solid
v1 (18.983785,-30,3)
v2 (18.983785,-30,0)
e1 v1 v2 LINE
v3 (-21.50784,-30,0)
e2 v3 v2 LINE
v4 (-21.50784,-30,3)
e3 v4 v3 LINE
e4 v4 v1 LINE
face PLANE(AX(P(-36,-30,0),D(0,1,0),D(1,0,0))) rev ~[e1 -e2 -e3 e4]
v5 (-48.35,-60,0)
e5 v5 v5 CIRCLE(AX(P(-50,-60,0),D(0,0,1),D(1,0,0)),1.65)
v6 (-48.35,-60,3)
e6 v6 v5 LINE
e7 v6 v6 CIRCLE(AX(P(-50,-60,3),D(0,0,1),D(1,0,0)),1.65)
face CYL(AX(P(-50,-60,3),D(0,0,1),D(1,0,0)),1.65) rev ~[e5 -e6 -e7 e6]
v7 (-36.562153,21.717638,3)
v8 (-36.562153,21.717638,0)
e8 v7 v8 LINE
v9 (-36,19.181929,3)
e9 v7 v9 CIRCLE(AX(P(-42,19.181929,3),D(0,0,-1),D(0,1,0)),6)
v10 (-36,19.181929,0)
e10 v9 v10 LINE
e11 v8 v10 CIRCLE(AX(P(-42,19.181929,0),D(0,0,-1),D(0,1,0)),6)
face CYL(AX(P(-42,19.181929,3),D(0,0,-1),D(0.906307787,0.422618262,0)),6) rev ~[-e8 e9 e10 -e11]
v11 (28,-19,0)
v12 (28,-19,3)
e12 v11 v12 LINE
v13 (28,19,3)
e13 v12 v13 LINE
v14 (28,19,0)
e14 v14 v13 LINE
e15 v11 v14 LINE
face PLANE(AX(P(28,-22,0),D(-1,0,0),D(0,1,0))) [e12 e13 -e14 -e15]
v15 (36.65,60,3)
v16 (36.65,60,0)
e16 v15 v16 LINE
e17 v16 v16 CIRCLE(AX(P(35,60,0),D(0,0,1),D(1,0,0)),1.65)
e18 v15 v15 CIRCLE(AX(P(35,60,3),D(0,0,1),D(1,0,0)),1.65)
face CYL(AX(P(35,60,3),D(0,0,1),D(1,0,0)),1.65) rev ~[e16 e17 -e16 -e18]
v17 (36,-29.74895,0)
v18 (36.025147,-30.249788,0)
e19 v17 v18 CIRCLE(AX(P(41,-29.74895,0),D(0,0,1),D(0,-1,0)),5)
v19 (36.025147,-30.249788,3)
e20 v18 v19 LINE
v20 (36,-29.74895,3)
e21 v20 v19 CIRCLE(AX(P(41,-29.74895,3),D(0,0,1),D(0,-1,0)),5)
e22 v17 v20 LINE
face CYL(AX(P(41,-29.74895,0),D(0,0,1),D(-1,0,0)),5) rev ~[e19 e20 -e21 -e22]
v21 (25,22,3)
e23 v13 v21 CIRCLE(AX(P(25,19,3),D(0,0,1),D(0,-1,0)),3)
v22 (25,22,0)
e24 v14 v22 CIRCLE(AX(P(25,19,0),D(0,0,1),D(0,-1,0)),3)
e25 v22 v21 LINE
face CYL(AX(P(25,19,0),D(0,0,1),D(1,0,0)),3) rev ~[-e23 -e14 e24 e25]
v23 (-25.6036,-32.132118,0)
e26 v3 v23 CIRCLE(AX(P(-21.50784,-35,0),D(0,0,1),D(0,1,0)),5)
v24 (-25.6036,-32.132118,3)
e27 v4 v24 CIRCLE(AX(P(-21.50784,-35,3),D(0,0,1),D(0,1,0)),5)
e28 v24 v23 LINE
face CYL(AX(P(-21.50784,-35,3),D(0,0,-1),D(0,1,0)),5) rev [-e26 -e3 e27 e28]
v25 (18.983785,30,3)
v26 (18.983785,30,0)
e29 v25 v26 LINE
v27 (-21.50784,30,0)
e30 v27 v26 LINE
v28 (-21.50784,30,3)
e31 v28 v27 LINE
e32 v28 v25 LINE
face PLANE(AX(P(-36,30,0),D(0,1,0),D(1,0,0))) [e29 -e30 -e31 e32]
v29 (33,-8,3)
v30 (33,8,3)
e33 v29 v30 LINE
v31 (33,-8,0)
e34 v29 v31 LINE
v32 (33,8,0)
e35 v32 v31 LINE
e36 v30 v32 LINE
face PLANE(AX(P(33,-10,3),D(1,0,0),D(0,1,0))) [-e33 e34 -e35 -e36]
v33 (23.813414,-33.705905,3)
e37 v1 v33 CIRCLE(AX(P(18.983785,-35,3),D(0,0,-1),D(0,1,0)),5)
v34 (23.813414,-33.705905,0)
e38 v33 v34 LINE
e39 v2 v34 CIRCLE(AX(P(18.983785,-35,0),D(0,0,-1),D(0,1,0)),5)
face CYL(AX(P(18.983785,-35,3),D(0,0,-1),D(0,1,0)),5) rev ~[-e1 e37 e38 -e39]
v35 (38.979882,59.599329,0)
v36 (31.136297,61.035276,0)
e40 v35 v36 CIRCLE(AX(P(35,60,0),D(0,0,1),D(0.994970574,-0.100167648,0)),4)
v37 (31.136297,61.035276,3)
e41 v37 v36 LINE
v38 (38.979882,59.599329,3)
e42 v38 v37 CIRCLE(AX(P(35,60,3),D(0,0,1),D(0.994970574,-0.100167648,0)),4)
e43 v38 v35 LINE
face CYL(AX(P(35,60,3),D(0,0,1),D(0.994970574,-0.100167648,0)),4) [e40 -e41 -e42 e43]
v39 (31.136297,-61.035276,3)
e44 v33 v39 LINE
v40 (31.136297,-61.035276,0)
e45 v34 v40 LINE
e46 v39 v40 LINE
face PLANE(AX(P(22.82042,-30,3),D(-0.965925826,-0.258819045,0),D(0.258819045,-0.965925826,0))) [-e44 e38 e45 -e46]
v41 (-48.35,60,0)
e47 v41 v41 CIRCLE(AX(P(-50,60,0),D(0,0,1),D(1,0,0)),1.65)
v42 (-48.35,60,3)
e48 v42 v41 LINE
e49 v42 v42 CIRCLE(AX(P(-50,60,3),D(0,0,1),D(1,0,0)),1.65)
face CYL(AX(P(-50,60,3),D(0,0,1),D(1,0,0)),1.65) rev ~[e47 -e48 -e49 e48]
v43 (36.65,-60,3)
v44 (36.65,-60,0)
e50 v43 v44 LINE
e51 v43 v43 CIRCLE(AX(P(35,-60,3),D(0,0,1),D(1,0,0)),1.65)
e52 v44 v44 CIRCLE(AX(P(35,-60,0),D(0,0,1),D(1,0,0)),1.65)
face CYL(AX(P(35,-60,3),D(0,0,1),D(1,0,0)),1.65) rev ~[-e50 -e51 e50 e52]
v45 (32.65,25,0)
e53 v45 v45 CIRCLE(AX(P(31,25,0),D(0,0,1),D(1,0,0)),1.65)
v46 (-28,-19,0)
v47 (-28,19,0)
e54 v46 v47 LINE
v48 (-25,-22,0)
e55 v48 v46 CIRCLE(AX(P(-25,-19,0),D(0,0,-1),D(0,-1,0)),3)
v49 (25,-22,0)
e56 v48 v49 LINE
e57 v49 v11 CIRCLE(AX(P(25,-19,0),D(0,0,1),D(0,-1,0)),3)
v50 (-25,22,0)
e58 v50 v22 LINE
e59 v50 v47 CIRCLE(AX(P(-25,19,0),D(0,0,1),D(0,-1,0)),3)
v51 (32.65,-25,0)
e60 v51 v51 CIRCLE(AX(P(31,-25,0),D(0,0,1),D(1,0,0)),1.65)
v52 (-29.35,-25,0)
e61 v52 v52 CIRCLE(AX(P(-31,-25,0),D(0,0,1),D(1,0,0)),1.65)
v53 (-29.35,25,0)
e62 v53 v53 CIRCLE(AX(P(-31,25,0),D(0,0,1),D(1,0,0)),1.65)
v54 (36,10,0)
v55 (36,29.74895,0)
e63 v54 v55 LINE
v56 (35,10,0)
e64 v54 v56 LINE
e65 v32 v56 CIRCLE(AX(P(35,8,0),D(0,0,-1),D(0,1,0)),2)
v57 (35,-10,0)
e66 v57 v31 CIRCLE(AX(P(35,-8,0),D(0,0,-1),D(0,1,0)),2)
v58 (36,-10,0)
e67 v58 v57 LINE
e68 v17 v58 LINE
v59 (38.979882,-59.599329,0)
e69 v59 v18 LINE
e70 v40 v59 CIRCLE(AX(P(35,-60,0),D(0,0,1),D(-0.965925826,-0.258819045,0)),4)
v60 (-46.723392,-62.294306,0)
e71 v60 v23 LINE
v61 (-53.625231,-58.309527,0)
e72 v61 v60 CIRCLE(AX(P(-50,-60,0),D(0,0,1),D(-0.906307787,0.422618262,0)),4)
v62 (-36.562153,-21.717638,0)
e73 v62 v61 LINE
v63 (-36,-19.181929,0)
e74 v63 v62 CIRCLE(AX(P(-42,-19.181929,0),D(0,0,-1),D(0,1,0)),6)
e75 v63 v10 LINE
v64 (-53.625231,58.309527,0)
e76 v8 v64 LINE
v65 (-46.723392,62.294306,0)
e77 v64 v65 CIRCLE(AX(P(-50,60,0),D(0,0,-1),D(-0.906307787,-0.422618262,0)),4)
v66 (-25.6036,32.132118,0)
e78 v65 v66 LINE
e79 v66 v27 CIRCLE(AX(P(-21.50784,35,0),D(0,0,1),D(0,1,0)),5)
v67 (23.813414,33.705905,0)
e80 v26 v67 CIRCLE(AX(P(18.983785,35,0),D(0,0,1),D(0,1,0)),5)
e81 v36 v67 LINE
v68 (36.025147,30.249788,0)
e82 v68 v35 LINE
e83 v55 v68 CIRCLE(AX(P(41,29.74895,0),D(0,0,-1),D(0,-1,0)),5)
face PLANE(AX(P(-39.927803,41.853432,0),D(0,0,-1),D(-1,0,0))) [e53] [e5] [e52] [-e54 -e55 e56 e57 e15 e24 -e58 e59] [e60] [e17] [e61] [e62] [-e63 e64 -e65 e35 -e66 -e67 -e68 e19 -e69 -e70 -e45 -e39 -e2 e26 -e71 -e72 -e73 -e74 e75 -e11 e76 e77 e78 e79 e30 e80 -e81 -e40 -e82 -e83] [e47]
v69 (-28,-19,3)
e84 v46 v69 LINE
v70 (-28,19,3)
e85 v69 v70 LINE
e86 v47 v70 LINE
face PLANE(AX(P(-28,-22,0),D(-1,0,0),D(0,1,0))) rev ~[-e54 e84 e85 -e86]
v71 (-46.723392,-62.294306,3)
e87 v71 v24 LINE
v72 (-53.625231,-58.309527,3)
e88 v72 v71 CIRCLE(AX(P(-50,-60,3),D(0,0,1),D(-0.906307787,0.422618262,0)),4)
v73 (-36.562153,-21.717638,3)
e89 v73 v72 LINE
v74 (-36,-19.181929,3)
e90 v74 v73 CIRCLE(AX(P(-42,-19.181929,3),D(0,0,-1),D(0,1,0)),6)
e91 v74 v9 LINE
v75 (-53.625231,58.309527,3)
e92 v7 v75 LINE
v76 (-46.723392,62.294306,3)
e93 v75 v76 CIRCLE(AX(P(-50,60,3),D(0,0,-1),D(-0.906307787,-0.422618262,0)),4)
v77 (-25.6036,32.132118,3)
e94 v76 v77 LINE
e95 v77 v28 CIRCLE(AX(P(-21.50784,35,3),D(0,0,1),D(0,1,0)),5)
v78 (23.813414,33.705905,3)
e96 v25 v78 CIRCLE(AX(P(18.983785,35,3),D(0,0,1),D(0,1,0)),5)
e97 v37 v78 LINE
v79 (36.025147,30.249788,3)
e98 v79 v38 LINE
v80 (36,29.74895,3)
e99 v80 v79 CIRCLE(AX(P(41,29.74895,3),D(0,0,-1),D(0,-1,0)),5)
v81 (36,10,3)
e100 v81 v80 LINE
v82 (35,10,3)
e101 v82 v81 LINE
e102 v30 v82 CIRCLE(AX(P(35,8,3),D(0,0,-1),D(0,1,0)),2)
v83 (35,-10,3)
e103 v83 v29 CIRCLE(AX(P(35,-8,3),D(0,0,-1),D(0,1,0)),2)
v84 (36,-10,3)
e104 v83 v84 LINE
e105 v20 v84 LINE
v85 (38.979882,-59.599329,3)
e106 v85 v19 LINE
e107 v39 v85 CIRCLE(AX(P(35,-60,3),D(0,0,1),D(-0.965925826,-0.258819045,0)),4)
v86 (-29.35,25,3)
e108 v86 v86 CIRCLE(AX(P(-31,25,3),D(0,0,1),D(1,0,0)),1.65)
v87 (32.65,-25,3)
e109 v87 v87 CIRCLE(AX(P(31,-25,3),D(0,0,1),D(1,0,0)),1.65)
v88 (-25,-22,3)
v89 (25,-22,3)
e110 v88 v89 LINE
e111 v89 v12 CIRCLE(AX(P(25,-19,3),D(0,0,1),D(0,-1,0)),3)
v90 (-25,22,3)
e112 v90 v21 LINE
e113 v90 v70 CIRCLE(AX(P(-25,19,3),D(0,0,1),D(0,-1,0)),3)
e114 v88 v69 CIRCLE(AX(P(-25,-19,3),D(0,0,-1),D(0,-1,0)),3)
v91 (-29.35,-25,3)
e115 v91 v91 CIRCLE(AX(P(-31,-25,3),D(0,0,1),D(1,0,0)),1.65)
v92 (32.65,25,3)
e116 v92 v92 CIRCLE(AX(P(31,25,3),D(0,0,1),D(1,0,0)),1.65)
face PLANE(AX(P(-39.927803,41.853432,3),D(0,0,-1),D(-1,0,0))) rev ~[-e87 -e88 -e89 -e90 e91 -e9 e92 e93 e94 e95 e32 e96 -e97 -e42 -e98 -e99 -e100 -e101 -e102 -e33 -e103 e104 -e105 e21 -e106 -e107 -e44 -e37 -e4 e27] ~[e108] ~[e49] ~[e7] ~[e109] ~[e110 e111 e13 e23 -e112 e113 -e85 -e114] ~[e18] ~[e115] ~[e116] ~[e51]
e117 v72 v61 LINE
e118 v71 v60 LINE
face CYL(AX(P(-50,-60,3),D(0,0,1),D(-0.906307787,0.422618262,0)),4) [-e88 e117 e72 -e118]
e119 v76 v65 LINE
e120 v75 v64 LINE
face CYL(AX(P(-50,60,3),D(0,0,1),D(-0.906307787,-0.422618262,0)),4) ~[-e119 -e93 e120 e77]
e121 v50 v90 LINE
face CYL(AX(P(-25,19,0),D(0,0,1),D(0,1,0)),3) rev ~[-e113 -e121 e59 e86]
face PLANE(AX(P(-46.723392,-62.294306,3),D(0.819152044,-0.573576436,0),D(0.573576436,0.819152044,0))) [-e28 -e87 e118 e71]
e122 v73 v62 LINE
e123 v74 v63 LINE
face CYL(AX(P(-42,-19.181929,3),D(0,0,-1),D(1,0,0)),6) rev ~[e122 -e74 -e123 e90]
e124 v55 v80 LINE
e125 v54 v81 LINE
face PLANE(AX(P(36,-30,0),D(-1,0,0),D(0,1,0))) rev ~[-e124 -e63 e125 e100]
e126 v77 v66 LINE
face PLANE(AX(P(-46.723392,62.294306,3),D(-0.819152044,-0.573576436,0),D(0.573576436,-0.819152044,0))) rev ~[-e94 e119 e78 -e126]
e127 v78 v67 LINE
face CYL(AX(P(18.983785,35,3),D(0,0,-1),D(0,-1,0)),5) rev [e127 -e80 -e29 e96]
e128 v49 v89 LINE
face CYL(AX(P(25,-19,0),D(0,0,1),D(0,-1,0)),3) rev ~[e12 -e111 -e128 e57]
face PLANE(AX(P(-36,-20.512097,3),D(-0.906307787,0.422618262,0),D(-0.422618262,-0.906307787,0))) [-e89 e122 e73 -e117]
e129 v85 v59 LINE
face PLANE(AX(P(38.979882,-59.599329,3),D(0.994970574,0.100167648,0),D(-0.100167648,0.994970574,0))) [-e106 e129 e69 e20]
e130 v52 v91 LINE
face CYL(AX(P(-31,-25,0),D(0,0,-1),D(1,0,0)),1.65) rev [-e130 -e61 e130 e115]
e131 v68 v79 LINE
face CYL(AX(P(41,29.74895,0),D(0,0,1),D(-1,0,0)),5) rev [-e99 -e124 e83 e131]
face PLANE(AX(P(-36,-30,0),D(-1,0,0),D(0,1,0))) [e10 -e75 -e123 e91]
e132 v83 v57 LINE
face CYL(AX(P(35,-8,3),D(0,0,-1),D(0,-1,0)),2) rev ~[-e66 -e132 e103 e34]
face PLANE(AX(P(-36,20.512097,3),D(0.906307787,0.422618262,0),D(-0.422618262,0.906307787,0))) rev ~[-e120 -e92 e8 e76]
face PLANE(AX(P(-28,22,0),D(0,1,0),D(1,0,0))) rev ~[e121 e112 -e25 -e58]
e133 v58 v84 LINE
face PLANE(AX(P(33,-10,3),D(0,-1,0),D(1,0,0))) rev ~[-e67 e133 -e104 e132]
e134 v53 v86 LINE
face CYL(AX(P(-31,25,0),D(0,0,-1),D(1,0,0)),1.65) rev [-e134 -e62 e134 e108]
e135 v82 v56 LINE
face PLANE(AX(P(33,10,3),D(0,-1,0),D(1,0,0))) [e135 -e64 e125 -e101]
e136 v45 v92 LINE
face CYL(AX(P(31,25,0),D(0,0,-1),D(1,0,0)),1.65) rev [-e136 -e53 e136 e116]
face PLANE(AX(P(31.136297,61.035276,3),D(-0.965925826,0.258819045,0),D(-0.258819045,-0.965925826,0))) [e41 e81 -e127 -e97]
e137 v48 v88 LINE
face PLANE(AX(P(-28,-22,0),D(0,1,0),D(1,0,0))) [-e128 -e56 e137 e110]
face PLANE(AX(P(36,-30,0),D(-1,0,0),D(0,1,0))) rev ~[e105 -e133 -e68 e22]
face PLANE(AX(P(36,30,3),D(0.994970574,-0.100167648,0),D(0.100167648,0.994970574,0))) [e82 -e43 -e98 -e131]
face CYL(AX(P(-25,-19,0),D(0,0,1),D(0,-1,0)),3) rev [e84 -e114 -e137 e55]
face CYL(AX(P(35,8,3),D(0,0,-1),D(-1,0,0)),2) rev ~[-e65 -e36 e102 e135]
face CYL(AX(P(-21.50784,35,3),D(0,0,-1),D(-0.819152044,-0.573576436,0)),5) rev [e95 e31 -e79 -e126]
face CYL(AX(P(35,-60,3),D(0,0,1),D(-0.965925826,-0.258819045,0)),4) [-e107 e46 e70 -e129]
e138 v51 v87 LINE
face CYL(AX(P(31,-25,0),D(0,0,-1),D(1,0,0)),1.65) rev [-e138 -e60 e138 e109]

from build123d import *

# Parameters (mm, degrees)
SKETCH_1_W          = 72
SKETCH_1_H          = 60
SKETCH_1_R          = 1.65
SKETCH_1_W_2        = 56
SKETCH_1_H_2        = 44
EXTRUDE_1_DEPTH     = 3
FILLET_1_R          = 3
SKETCH_2_R          = 1.65
EXTRUDE_2_DEPTH     = 3
FILLET_2_R          = 5
FILLET_3_R          = 6
SKETCH_3_W          = 6
SKETCH_3_H          = 20
CUT_EXTRUDE_1_DEPTH = 4
FILLET_4_R          = 2


with BuildPart() as part:
    # 草图1 → 凸台-拉伸1 (new body)
    with BuildSketch(Plane.XY):
        Rectangle(SKETCH_1_W, SKETCH_1_H)
        with Locations((31, -25)):
            Circle(SKETCH_1_R, mode=Mode.SUBTRACT)
        with Locations((31, 25)):
            Circle(SKETCH_1_R, mode=Mode.SUBTRACT)
        with Locations((-31, 25)):
            Circle(SKETCH_1_R, mode=Mode.SUBTRACT)
        with Locations((-31, -25)):
            Circle(SKETCH_1_R, mode=Mode.SUBTRACT)
        Rectangle(SKETCH_1_W_2, SKETCH_1_H_2, mode=Mode.SUBTRACT)
    extrude(amount=EXTRUDE_1_DEPTH)

    # 圆角1
    fillet_1_edges = [part.edges().sort_by_distance(p)[0] for p in [
        (-28, 22, 1.5),
        (-28, -22, 1.5),
        (28, -22, 1.5),
        (28, 22, 1.5),
    ]]
    fillet(fillet_1_edges, radius=FILLET_1_R)

    # 草图2 → 凸台-拉伸2 (add)
    with BuildSketch(Plane.XY.offset(3)):
        with BuildLine():
            Line((-46.723391823, 62.294305745), (-24.110675499, 30))
            Line((-24.110675499, 30), (-36, 30))
            Line((-36, 30), (-36, 20.51209678))
            Line((-36, 20.51209678), (-53.625231148, 58.309526953))
            ThreePointArc((-53.625231148, 58.309526953), (-52, 63.464101615), (-46.723391823, 62.294305745))
        make_face()
        with Locations((-50, 60)):
            Circle(SKETCH_2_R, mode=Mode.SUBTRACT)
        with BuildLine():
            Line((-46.723391823, -62.294305745), (-24.110675499, -30))
            Line((-24.110675499, -30), (-36, -30))
            Line((-36, -30), (-36, -20.51209678))
            Line((-36, -20.51209678), (-53.625231148, -58.309526953))
            ThreePointArc((-53.625231148, -58.309526953), (-52, -63.464101615), (-46.723391823, -62.294305745))
        make_face()
        with Locations((-50, -60)):
            Circle(SKETCH_2_R, mode=Mode.SUBTRACT)
        with BuildLine():
            Line((31.136296695, 61.03527618), (22.820419505, 30))
            Line((22.820419505, 30), (36, 30))
            Line((36, 30), (38.979882295, 59.59932941))
            ThreePointArc((38.979882295, 59.59932941), (35.720319493, 63.934607964), (31.136296695, 61.03527618))
        make_face()
        with Locations((35, 60)):
            Circle(SKETCH_2_R, mode=Mode.SUBTRACT)
        with BuildLine():
            Line((38.979882295, -59.59932941), (36, -30))
            Line((36, -30), (22.820419505, -30))
            Line((22.820419505, -30), (31.136296695, -61.03527618))
            ThreePointArc((31.136296695, -61.03527618), (35.720319493, -63.934607964), (38.979882295, -59.59932941))
        make_face()
        with Locations((35, -60)):
            Circle(SKETCH_2_R, mode=Mode.SUBTRACT)
    extrude(amount=-EXTRUDE_2_DEPTH)

    # 圆角2
    fillet_2_edges = [part.edges().sort_by_distance(p)[0] for p in [
        (22.820419505, -30, 1.5),
        (22.820419505, 30, 1.5),
        (-24.110675499, 30, 1.5),
        (36, 30, 1.5),
        (36, -30, 1.5),
        (-24.110675499, -30, 1.5),
    ]]
    fillet(fillet_2_edges, radius=FILLET_2_R)

    # 圆角3
    fillet_3_edges = [part.edges().sort_by_distance(p)[0] for p in [
        (-36, 20.51209678, 1.5),
        (-36, -20.51209678, 1.5),
    ]]
    fillet(fillet_3_edges, radius=FILLET_3_R)

    # 草图3 → 切除-拉伸1 (cut, through all)
    with BuildSketch(Plane.XY.offset(3)):
        with Locations((36, 0)):
            Rectangle(SKETCH_3_W, SKETCH_3_H)
    extrude(amount=-CUT_EXTRUDE_1_DEPTH, mode=Mode.SUBTRACT)

    # 圆角4
    fillet_4_edges = [part.edges().sort_by_distance(p)[0] for p in [
        (33, 10, 1.5),
        (33, -10, 1.5),
    ]]
    fillet(fillet_4_edges, radius=FILLET_4_R)


solid = part.part
